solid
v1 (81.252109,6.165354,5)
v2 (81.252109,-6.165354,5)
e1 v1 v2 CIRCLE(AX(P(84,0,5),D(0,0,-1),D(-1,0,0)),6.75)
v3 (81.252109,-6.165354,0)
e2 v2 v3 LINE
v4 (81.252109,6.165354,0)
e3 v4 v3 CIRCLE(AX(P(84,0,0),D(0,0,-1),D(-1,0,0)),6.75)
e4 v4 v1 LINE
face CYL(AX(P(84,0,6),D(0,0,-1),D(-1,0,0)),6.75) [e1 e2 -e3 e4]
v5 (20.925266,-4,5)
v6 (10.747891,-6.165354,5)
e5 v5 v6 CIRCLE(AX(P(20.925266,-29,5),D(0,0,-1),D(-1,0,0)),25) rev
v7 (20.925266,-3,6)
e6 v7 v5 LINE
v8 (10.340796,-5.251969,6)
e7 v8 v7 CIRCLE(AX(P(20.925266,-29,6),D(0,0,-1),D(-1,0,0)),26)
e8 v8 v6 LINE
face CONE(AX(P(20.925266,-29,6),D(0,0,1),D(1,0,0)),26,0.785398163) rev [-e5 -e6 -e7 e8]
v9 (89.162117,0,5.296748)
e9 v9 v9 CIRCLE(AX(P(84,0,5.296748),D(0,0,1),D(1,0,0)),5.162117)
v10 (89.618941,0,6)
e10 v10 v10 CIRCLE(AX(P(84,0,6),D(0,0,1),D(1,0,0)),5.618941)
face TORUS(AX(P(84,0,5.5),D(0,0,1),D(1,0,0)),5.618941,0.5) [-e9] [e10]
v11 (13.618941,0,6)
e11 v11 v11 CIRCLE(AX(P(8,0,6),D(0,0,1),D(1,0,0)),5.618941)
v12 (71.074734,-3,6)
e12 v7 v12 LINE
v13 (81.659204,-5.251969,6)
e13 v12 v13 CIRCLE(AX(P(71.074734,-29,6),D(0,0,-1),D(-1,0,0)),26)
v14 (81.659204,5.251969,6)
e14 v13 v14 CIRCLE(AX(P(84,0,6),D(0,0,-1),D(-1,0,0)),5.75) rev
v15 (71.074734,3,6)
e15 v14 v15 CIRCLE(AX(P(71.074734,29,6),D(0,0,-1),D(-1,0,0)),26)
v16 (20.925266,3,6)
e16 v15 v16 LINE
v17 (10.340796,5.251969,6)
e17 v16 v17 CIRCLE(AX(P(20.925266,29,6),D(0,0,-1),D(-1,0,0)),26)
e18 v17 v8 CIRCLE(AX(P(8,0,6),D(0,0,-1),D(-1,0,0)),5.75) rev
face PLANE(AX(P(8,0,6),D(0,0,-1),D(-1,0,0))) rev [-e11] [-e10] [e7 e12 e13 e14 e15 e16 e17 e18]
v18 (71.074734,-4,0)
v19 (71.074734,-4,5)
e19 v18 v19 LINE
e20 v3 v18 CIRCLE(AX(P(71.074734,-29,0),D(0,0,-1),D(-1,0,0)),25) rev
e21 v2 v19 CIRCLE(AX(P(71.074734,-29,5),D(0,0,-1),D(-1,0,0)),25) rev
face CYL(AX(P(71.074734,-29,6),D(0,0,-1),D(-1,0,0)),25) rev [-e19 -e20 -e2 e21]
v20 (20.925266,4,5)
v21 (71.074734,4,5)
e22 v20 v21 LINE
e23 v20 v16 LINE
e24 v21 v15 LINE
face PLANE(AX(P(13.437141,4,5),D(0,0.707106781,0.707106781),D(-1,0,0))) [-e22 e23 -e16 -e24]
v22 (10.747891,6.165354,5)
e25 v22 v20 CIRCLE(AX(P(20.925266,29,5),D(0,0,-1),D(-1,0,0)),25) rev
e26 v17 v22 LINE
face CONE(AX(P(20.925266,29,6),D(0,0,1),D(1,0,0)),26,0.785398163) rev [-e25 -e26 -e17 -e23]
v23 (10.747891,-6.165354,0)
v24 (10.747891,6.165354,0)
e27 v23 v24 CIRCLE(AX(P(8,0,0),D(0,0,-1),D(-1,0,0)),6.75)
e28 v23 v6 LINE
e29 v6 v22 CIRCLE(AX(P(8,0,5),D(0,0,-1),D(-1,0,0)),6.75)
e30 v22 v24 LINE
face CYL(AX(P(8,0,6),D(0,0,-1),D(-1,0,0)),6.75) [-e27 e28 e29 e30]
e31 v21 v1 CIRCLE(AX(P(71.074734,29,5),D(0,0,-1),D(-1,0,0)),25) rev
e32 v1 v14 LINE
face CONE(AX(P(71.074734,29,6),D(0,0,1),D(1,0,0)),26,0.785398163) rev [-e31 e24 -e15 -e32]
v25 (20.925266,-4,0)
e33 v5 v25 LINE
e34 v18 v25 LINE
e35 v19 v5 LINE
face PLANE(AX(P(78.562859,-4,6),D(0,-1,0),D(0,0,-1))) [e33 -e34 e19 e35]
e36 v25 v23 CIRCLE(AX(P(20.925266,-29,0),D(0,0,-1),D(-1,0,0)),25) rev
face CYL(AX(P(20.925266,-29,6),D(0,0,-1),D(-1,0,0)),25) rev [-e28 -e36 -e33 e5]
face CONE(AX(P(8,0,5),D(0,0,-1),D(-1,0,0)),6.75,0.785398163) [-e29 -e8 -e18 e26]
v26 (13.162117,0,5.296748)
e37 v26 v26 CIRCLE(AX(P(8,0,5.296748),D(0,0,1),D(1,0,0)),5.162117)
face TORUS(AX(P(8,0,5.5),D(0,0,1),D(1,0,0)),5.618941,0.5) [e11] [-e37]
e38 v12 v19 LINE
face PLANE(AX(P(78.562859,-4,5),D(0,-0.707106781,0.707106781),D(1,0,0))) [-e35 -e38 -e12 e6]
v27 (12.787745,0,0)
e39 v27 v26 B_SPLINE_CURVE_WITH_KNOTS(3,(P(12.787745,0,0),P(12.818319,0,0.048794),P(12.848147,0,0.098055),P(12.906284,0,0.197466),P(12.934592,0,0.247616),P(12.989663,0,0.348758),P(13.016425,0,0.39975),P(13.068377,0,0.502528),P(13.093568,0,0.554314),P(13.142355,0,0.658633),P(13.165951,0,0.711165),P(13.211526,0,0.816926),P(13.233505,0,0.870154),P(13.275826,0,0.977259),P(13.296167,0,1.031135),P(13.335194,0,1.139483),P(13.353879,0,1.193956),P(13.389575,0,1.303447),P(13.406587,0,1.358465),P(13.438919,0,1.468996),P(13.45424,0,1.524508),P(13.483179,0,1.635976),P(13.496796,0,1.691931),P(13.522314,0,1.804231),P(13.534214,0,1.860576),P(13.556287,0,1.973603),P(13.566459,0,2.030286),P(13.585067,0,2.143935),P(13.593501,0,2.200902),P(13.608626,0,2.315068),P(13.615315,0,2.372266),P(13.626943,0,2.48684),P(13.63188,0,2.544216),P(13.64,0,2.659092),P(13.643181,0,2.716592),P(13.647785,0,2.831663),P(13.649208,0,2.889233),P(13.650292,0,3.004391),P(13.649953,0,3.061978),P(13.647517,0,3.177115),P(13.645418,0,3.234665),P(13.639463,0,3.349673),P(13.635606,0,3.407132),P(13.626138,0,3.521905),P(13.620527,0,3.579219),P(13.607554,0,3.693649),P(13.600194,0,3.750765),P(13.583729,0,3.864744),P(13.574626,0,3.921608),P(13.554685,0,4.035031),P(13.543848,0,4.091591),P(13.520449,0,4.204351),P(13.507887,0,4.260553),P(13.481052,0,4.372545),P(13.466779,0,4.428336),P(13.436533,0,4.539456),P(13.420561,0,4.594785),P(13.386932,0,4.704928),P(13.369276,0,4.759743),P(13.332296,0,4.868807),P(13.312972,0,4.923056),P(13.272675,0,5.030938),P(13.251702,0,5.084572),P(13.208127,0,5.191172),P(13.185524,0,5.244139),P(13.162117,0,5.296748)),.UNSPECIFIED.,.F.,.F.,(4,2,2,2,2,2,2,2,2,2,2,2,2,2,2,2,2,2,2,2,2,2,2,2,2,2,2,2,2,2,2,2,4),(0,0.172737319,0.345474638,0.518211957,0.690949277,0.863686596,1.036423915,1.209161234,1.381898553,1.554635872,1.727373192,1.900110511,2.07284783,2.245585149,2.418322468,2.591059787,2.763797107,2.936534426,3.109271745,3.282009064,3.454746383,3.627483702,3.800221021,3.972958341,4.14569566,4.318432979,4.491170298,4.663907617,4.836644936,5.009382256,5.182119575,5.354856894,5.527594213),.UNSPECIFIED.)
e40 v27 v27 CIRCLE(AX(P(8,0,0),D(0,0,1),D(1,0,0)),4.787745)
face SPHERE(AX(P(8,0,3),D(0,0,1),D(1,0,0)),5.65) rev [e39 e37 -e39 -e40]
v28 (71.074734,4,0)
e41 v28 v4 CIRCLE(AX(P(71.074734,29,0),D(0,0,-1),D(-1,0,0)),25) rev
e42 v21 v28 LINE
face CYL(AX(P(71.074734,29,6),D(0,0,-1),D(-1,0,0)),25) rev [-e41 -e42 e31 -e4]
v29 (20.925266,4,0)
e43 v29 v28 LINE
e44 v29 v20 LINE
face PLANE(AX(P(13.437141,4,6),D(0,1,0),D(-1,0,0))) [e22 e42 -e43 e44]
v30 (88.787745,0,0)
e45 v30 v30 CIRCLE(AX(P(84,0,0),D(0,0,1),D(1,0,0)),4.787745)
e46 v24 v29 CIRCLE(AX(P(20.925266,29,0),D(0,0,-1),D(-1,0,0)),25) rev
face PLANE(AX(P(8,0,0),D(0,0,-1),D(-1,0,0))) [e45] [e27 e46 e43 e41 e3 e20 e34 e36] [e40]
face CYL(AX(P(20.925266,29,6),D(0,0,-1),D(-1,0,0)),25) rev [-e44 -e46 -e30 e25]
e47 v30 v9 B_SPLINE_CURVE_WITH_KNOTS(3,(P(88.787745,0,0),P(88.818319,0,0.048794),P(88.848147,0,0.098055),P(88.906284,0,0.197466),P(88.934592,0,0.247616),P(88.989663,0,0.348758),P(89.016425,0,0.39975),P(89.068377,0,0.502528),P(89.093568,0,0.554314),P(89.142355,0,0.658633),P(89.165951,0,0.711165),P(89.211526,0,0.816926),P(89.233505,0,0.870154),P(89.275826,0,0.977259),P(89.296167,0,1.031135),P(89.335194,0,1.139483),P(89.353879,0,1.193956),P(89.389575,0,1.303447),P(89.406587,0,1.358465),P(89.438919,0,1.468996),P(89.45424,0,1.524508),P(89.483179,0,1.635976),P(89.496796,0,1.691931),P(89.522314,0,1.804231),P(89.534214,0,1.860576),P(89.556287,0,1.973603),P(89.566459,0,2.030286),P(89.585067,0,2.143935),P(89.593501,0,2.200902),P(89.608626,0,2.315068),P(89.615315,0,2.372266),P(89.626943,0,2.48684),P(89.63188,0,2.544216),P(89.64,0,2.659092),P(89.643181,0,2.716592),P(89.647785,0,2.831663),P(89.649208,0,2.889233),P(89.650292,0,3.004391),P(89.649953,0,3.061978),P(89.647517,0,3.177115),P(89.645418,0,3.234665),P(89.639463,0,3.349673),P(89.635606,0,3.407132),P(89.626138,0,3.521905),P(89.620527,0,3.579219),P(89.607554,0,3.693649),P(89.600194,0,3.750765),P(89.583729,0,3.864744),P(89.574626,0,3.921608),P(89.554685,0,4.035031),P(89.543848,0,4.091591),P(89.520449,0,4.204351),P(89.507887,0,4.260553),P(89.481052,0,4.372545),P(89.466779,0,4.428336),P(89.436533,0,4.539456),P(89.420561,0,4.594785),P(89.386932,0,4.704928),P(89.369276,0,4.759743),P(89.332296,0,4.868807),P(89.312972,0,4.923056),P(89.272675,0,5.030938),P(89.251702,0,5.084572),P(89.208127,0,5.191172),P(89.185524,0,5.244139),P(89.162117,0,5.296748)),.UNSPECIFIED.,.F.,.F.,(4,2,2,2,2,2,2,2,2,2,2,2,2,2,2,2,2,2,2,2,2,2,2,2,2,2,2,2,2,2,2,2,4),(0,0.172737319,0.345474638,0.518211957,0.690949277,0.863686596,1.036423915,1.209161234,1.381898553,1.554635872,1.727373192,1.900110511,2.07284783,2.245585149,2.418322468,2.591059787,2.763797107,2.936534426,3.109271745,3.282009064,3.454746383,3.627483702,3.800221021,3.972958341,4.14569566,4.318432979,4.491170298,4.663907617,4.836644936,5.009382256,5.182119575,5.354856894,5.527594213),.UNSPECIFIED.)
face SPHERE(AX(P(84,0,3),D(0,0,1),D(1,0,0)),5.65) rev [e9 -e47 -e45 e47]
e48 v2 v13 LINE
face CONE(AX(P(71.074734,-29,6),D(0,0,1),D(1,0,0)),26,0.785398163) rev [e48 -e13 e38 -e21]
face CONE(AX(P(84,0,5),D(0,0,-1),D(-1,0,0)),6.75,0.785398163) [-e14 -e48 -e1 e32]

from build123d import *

# Parameters (mm, degrees)
BOSS_EXTRUDE2_DEPTH = 6
FILLET2_R           = 25
CHAMFER2_SIZE       = 1


with BuildPart() as part:
    # Sketch7 → Boss-Extrude2 (new body)
    with BuildSketch(Plane(origin=(0, 0, 0), x_dir=(-1, 0, 0), z_dir=(0, 0, -1))):
        with BuildLine():
            Line((-78.562859207, -4), (-13.437140793, -4))
            ThreePointArc((-13.437140793, -4), (-1.25, 0), (-13.437140793, 4))
            Line((-13.437140793, 4), (-78.562859207, 4))
            ThreePointArc((-78.562859207, 4), (-90.75, 0), (-78.562859207, -4))
        make_face()
    extrude(amount=-BOSS_EXTRUDE2_DEPTH)

    # Sketch10 → Cut-Revolve3 (revolve, cut)
    with BuildSketch(Plane(origin=(0, 0, 0), x_dir=(1, 0, 0), z_dir=(0, 1, 0))):
        with BuildLine():
            Line((88.787744772, 0), (84, 0))
            Line((84, 0), (84, -6))
            Line((84, -6), (89.618941181, -6))
            ThreePointArc((89.618941181, -6), (89.199640564, -5.772372891), (89.162116695, -5.296747967))
            ThreePointArc((89.162116695, -5.296747967), (89.635940078, -2.601654121), (88.787744772, 0))
        make_face()
    revolve(axis=Axis((84, 0, 0), (0, 0, 1)), mode=Mode.SUBTRACT)

    # Sketch13 → Cut-Revolve4 (revolve, cut)
    with BuildSketch(Plane(origin=(0, 0, 0), x_dir=(1, 0, 0), z_dir=(0, 1, 0))):
        with BuildLine():
            Line((12.787744772, 0), (8, 0))
            Line((8, 0), (8, -6))
            Line((8, -6), (13.618941181, -6))
            ThreePointArc((13.618941181, -6), (13.199640564, -5.772372891), (13.162116695, -5.296747967))
            ThreePointArc((13.162116695, -5.296747967), (13.635940078, -2.601654121), (12.787744772, 0))
        make_face()
    revolve(axis=Axis((8, 0, 0), (0, 0, 1)), mode=Mode.SUBTRACT)

    # Fillet2
    fillet2_edges = [part.edges().sort_by_distance(p)[0] for p in [
        (13.437140793, -4, 3),
        (78.562859207, -4, 3),
        (78.562859207, 4, 3),
        (13.437140793, 4, 3),
    ]]
    fillet(fillet2_edges, radius=FILLET2_R)

    # Chamfer2
    chamfer2_edges = [part.edges().sort_by_distance(p)[0] for p in [
        (46, 4, 6),
        (90.75, 0, 6),
        (46, -4, 6),
        (1.25, 0, 6),
        (76.277322741, 4.547329985, 6),
        (15.722677259, -4.547329985, 6),
        (76.277322741, -4.547329985, 6),
        (15.722677259, 4.547329985, 6),
    ]]
    chamfer(chamfer2_edges, length=CHAMFER2_SIZE)


solid = part.part
